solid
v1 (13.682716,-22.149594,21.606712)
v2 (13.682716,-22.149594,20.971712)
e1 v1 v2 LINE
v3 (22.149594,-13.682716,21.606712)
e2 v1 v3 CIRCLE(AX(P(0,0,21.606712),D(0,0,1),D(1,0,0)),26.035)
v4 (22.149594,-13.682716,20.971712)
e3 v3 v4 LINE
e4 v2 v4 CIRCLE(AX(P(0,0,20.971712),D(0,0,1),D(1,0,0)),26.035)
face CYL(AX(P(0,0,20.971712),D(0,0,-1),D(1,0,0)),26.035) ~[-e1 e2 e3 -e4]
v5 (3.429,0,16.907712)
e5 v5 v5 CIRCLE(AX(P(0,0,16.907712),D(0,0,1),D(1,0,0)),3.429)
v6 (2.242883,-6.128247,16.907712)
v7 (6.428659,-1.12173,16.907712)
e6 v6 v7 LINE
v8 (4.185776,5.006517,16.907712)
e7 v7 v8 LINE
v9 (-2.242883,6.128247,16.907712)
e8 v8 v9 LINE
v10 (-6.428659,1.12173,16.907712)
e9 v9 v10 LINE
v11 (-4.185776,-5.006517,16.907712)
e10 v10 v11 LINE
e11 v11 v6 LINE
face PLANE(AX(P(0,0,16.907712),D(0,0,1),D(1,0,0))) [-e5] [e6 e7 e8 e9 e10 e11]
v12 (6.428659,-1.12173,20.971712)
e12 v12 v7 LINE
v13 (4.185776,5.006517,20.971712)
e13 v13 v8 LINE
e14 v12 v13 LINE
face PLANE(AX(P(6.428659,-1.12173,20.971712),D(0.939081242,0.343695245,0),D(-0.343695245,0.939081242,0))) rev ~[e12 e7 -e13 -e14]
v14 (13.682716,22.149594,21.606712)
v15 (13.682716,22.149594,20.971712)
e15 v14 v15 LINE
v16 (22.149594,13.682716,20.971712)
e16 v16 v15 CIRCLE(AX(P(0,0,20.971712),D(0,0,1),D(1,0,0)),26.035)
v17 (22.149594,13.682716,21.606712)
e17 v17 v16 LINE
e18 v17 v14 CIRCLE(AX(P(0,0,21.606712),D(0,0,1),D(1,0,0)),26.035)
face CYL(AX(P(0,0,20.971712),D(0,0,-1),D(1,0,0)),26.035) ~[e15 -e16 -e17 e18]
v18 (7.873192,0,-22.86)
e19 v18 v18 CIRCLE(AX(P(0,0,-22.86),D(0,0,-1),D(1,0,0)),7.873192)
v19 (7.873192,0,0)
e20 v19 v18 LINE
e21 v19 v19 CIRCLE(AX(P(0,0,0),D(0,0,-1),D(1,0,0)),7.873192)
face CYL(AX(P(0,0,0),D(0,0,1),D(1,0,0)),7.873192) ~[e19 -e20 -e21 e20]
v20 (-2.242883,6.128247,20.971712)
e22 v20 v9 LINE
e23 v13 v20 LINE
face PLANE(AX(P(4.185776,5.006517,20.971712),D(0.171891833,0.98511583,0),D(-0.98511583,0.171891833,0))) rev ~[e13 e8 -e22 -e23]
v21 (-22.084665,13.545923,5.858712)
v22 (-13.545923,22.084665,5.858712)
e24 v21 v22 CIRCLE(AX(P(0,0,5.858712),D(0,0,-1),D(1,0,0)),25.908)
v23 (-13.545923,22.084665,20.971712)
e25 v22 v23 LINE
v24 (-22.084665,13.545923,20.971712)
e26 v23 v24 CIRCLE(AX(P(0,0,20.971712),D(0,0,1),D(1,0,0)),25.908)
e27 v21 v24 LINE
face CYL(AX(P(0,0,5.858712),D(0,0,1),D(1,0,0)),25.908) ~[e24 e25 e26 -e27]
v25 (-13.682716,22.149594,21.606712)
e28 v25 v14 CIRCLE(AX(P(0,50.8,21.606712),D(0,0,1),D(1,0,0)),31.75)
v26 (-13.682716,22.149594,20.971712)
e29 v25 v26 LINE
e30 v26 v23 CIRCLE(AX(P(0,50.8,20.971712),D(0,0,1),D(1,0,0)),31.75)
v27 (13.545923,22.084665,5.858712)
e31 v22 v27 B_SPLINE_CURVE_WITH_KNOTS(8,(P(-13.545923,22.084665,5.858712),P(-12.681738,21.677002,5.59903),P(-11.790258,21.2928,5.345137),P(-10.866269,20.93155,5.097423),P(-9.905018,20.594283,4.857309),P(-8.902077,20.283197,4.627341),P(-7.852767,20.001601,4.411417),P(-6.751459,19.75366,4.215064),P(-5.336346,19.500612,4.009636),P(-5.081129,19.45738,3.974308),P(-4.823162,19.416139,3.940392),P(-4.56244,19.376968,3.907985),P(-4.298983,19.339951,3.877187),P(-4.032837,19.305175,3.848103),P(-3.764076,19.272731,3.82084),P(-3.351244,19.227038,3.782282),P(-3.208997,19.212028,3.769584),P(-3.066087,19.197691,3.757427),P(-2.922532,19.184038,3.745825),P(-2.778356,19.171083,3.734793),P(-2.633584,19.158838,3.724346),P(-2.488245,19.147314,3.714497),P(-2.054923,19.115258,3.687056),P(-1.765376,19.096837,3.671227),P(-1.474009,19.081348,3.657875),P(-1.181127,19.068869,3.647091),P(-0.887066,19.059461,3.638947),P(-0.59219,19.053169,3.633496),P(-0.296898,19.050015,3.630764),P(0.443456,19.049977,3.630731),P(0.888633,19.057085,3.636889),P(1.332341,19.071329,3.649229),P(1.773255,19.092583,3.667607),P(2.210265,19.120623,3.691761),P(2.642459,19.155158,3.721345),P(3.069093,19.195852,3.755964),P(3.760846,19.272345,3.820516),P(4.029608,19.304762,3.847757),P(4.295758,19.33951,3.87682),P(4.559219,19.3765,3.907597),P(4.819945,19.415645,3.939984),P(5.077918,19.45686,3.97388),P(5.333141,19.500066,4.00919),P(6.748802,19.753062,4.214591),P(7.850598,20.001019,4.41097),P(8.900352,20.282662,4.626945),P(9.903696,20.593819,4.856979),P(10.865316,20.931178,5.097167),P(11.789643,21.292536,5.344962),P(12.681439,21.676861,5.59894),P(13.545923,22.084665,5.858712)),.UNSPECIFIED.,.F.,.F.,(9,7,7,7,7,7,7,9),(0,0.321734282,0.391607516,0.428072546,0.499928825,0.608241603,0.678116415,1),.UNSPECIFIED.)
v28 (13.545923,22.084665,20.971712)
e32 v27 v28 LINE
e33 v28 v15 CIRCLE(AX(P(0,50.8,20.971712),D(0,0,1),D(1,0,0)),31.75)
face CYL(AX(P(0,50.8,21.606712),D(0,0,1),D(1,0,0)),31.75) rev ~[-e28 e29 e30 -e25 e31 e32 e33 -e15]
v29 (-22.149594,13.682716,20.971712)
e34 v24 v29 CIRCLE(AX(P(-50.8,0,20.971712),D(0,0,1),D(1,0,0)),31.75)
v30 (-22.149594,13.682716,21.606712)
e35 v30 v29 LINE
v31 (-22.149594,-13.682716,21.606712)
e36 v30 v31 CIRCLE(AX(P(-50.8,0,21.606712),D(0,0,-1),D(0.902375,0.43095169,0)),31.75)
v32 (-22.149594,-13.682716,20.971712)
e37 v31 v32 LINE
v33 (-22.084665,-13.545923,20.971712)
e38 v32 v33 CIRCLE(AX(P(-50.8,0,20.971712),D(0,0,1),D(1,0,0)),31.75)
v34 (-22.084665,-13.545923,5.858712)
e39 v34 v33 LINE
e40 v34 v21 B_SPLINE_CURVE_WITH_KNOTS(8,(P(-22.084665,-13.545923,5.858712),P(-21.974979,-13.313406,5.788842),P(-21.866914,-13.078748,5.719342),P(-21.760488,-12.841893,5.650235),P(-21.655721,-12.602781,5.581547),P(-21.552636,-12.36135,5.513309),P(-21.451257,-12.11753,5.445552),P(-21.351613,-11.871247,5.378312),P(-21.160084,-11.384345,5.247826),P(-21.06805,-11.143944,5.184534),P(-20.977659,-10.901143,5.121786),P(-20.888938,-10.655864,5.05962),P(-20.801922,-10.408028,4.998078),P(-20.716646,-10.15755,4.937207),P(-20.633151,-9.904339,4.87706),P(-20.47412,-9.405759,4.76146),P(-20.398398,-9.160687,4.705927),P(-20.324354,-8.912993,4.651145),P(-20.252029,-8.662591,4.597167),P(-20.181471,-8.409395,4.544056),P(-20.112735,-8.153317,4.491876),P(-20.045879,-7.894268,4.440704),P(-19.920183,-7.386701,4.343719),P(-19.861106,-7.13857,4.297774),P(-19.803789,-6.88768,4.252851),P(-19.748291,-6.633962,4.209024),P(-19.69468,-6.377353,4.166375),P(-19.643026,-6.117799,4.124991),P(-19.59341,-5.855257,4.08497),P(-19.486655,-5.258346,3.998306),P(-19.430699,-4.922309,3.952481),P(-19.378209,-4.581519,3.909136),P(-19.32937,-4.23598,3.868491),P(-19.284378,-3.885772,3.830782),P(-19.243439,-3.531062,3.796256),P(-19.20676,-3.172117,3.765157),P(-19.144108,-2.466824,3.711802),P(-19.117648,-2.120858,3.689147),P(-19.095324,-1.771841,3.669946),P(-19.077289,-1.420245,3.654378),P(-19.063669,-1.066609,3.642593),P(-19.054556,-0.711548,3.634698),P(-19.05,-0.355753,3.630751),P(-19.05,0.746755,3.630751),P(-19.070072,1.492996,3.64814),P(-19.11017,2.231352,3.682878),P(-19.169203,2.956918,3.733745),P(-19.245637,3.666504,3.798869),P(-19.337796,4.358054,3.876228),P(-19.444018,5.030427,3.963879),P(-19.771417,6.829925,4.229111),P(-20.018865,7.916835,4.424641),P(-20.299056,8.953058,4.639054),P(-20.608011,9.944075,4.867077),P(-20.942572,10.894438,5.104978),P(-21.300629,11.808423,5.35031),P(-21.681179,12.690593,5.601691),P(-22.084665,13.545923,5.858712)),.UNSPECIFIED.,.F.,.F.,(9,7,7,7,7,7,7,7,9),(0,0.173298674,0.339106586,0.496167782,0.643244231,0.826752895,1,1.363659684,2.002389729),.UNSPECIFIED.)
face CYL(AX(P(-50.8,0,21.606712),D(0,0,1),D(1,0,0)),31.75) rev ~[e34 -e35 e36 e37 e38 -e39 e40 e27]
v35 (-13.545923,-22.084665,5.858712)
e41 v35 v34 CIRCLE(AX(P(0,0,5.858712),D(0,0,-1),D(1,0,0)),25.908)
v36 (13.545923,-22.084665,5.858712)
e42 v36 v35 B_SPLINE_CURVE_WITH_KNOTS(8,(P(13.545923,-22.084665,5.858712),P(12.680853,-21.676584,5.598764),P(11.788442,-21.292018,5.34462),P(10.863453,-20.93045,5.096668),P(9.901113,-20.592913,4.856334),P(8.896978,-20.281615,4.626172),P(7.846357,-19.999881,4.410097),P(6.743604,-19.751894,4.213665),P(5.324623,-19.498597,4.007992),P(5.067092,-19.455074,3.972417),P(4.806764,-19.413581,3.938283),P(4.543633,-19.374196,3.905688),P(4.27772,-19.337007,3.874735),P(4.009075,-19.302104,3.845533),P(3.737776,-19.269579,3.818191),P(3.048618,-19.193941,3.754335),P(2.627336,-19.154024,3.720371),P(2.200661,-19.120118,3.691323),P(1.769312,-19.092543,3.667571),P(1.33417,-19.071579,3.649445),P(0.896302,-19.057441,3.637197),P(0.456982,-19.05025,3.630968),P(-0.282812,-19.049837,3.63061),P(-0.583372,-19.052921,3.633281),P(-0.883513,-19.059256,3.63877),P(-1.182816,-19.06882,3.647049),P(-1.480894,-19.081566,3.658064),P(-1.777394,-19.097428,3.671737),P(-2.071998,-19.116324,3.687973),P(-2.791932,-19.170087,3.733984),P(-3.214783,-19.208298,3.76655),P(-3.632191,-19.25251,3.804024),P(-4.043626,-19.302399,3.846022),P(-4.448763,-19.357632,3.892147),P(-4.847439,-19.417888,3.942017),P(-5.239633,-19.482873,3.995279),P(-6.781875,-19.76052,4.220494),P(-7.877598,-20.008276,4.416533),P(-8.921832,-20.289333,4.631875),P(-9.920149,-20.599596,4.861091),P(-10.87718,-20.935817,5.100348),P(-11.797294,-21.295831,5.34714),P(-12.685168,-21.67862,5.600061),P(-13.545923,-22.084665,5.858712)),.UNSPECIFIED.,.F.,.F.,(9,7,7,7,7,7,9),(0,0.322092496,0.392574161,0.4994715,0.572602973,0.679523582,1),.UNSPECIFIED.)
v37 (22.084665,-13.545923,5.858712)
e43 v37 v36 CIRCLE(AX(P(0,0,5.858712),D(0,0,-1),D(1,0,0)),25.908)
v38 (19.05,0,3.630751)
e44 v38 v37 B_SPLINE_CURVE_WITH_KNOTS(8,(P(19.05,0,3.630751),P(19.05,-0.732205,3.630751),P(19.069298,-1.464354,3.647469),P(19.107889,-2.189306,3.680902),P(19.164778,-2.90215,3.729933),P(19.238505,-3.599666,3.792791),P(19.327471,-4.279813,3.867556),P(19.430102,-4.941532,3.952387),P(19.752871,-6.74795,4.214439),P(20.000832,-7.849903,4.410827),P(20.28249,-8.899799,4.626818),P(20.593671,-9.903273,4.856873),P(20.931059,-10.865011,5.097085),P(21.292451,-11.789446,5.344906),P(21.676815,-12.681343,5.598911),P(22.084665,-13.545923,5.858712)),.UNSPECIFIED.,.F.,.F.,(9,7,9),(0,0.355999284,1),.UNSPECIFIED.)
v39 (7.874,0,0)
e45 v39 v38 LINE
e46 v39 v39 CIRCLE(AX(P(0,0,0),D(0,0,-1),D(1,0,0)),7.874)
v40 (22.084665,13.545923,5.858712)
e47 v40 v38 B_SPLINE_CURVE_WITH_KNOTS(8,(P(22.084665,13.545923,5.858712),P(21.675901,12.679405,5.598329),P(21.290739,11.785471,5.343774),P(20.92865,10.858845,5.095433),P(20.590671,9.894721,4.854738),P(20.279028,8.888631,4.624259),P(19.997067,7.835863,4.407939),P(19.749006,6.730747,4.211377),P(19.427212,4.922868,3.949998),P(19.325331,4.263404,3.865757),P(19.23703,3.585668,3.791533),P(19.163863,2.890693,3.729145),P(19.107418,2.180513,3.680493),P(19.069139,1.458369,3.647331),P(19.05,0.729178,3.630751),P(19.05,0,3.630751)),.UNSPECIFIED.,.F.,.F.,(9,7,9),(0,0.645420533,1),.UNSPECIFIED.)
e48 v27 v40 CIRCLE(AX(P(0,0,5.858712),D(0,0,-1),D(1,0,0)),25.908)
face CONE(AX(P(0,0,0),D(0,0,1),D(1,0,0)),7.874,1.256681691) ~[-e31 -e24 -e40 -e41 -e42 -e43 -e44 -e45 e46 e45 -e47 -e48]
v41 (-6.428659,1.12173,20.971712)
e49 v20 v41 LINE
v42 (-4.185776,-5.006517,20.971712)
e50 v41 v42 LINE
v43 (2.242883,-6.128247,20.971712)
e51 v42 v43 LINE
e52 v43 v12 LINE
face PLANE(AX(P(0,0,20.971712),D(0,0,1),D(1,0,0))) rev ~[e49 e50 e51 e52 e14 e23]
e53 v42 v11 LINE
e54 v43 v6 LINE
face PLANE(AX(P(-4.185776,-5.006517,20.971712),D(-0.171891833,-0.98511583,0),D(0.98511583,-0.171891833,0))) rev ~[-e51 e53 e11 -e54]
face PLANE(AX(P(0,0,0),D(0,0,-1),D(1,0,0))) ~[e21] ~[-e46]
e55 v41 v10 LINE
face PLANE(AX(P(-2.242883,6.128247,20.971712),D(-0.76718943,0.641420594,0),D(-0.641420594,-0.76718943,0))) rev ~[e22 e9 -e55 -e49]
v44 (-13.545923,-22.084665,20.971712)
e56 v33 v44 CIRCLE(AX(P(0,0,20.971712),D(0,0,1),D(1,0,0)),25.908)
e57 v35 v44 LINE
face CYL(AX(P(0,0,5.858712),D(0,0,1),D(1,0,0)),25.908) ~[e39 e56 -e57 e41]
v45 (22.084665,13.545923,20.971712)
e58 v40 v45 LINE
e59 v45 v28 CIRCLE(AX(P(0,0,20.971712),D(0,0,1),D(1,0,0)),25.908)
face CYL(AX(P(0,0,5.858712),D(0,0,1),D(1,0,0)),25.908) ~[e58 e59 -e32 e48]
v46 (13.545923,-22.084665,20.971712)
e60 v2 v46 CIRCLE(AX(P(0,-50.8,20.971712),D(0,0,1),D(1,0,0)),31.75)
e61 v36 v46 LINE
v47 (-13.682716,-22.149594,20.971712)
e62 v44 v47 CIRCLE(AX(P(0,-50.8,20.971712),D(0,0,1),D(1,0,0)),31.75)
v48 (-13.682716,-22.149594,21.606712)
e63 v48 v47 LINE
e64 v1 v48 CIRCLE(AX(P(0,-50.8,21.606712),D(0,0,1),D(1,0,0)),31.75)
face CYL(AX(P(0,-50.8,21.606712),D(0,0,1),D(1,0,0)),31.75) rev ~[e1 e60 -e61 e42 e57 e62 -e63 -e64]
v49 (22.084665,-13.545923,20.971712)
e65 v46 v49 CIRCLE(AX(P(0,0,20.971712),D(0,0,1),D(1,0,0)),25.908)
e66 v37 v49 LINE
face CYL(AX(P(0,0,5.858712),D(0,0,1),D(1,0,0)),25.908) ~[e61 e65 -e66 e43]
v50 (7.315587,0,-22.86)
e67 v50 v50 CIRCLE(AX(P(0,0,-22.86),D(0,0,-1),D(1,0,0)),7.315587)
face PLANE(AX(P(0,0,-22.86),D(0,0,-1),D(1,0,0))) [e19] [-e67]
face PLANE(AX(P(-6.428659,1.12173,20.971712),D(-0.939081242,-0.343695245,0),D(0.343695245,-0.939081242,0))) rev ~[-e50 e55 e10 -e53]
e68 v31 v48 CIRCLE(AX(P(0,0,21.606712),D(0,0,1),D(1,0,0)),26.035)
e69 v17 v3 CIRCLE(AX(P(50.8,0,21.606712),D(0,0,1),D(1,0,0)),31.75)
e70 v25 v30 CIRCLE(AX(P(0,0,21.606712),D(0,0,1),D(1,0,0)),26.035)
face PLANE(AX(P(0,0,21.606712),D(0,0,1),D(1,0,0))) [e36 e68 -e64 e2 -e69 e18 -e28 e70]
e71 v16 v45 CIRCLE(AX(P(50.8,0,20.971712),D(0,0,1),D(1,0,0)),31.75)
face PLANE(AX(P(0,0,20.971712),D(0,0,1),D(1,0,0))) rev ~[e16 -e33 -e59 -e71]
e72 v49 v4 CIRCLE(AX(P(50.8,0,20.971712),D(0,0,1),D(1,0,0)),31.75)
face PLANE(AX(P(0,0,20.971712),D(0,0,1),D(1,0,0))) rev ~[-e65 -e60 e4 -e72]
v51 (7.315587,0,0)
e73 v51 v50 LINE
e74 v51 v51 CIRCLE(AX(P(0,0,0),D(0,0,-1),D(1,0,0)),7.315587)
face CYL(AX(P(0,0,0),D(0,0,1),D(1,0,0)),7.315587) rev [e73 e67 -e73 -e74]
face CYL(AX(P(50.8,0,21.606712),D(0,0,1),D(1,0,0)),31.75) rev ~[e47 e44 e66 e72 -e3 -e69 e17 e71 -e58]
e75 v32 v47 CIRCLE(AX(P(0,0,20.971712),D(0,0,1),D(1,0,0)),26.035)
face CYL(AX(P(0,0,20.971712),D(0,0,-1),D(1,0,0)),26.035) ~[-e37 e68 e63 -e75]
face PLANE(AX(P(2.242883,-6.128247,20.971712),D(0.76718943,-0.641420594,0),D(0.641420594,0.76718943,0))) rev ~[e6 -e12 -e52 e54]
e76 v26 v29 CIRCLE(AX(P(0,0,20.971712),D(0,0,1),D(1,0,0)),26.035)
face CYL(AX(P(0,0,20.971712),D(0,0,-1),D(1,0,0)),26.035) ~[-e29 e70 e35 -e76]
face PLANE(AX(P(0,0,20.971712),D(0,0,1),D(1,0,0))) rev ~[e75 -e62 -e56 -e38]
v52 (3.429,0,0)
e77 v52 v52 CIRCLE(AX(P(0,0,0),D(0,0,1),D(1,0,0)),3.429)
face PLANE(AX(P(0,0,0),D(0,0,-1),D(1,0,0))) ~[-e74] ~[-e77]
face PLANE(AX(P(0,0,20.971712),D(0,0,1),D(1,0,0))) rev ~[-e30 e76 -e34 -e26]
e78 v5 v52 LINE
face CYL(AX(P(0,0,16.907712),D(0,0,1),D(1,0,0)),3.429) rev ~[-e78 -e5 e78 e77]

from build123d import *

# Parameters (mm, degrees)
F2_R      = 26.134352
F3_DEPTH  = 0.635
F5_DEPTH  = 4.064
F6_R      = 3.429
F7_DEPTH  = 25.4
F8_R      = 26.035
F9_DEPTH  = 0.635
F10_R     = 7.873192
F10_R_2   = 7.315587
F11_DEPTH = 22.86
F12_R     = 31.75
F13_DEPTH = 25.4


with BuildPart() as f1:
    # F0 (on Front) → F1 (revolve)
    with BuildSketch(Plane.XZ):
        Polygon((0, 21.606712), (0, 0), (7.874, 0), (25.908, 5.858712), (25.908, 21.606712), align=None)
    revolve(axis=Axis((0, 0, 10.803356), (0, 0, -1)))

    # F2 (on face) → F3 (cut)
    with BuildSketch(Plane.XY.offset(21.606712)):
        Circle(F2_R)
    extrude(amount=-F3_DEPTH, mode=Mode.SUBTRACT)

    # F4 (on face) → F5 (cut)
    with BuildSketch(Plane.XY.offset(20.971712)):
        Polygon((2.242883, -6.128247), (6.428659, -1.12173), (4.185776, 5.006517), (-2.242883, 6.128247), (-6.428659, 1.12173), (-4.185776, -5.006517), align=None)
    extrude(amount=-F5_DEPTH, mode=Mode.SUBTRACT)

    # F6 (on face) → F7 (cut)
    with BuildSketch(Plane.XY.offset(16.907712)):
        Circle(F6_R)
    extrude(amount=-F7_DEPTH, mode=Mode.SUBTRACT)

    # F8 (on face) → F9 (join)
    with BuildSketch(Plane.XY.offset(20.971712)):
        Circle(F8_R)
    extrude(amount=F9_DEPTH)

    # F10 (on face) → F11 (join)
    with BuildSketch(Plane(origin=(0, 0, 0), x_dir=(1, 0, 0), z_dir=(0, 0, -1))):
        Circle(F10_R)
        Circle(F10_R_2, mode=Mode.SUBTRACT)
    extrude(amount=F11_DEPTH)

    # F12 (on face) → F13 (cut)
    with BuildSketch(Plane.XY.offset(21.606712)):
        with Locations((-50.8, 0)):
            Circle(F12_R)
        with Locations((0, 50.8)):
            Circle(F12_R)
        with Locations((50.8, 0)):
            Circle(F12_R)
        with Locations((0, -50.8)):
            Circle(F12_R)
    extrude(amount=-F13_DEPTH, mode=Mode.SUBTRACT)


solid = f1.part
